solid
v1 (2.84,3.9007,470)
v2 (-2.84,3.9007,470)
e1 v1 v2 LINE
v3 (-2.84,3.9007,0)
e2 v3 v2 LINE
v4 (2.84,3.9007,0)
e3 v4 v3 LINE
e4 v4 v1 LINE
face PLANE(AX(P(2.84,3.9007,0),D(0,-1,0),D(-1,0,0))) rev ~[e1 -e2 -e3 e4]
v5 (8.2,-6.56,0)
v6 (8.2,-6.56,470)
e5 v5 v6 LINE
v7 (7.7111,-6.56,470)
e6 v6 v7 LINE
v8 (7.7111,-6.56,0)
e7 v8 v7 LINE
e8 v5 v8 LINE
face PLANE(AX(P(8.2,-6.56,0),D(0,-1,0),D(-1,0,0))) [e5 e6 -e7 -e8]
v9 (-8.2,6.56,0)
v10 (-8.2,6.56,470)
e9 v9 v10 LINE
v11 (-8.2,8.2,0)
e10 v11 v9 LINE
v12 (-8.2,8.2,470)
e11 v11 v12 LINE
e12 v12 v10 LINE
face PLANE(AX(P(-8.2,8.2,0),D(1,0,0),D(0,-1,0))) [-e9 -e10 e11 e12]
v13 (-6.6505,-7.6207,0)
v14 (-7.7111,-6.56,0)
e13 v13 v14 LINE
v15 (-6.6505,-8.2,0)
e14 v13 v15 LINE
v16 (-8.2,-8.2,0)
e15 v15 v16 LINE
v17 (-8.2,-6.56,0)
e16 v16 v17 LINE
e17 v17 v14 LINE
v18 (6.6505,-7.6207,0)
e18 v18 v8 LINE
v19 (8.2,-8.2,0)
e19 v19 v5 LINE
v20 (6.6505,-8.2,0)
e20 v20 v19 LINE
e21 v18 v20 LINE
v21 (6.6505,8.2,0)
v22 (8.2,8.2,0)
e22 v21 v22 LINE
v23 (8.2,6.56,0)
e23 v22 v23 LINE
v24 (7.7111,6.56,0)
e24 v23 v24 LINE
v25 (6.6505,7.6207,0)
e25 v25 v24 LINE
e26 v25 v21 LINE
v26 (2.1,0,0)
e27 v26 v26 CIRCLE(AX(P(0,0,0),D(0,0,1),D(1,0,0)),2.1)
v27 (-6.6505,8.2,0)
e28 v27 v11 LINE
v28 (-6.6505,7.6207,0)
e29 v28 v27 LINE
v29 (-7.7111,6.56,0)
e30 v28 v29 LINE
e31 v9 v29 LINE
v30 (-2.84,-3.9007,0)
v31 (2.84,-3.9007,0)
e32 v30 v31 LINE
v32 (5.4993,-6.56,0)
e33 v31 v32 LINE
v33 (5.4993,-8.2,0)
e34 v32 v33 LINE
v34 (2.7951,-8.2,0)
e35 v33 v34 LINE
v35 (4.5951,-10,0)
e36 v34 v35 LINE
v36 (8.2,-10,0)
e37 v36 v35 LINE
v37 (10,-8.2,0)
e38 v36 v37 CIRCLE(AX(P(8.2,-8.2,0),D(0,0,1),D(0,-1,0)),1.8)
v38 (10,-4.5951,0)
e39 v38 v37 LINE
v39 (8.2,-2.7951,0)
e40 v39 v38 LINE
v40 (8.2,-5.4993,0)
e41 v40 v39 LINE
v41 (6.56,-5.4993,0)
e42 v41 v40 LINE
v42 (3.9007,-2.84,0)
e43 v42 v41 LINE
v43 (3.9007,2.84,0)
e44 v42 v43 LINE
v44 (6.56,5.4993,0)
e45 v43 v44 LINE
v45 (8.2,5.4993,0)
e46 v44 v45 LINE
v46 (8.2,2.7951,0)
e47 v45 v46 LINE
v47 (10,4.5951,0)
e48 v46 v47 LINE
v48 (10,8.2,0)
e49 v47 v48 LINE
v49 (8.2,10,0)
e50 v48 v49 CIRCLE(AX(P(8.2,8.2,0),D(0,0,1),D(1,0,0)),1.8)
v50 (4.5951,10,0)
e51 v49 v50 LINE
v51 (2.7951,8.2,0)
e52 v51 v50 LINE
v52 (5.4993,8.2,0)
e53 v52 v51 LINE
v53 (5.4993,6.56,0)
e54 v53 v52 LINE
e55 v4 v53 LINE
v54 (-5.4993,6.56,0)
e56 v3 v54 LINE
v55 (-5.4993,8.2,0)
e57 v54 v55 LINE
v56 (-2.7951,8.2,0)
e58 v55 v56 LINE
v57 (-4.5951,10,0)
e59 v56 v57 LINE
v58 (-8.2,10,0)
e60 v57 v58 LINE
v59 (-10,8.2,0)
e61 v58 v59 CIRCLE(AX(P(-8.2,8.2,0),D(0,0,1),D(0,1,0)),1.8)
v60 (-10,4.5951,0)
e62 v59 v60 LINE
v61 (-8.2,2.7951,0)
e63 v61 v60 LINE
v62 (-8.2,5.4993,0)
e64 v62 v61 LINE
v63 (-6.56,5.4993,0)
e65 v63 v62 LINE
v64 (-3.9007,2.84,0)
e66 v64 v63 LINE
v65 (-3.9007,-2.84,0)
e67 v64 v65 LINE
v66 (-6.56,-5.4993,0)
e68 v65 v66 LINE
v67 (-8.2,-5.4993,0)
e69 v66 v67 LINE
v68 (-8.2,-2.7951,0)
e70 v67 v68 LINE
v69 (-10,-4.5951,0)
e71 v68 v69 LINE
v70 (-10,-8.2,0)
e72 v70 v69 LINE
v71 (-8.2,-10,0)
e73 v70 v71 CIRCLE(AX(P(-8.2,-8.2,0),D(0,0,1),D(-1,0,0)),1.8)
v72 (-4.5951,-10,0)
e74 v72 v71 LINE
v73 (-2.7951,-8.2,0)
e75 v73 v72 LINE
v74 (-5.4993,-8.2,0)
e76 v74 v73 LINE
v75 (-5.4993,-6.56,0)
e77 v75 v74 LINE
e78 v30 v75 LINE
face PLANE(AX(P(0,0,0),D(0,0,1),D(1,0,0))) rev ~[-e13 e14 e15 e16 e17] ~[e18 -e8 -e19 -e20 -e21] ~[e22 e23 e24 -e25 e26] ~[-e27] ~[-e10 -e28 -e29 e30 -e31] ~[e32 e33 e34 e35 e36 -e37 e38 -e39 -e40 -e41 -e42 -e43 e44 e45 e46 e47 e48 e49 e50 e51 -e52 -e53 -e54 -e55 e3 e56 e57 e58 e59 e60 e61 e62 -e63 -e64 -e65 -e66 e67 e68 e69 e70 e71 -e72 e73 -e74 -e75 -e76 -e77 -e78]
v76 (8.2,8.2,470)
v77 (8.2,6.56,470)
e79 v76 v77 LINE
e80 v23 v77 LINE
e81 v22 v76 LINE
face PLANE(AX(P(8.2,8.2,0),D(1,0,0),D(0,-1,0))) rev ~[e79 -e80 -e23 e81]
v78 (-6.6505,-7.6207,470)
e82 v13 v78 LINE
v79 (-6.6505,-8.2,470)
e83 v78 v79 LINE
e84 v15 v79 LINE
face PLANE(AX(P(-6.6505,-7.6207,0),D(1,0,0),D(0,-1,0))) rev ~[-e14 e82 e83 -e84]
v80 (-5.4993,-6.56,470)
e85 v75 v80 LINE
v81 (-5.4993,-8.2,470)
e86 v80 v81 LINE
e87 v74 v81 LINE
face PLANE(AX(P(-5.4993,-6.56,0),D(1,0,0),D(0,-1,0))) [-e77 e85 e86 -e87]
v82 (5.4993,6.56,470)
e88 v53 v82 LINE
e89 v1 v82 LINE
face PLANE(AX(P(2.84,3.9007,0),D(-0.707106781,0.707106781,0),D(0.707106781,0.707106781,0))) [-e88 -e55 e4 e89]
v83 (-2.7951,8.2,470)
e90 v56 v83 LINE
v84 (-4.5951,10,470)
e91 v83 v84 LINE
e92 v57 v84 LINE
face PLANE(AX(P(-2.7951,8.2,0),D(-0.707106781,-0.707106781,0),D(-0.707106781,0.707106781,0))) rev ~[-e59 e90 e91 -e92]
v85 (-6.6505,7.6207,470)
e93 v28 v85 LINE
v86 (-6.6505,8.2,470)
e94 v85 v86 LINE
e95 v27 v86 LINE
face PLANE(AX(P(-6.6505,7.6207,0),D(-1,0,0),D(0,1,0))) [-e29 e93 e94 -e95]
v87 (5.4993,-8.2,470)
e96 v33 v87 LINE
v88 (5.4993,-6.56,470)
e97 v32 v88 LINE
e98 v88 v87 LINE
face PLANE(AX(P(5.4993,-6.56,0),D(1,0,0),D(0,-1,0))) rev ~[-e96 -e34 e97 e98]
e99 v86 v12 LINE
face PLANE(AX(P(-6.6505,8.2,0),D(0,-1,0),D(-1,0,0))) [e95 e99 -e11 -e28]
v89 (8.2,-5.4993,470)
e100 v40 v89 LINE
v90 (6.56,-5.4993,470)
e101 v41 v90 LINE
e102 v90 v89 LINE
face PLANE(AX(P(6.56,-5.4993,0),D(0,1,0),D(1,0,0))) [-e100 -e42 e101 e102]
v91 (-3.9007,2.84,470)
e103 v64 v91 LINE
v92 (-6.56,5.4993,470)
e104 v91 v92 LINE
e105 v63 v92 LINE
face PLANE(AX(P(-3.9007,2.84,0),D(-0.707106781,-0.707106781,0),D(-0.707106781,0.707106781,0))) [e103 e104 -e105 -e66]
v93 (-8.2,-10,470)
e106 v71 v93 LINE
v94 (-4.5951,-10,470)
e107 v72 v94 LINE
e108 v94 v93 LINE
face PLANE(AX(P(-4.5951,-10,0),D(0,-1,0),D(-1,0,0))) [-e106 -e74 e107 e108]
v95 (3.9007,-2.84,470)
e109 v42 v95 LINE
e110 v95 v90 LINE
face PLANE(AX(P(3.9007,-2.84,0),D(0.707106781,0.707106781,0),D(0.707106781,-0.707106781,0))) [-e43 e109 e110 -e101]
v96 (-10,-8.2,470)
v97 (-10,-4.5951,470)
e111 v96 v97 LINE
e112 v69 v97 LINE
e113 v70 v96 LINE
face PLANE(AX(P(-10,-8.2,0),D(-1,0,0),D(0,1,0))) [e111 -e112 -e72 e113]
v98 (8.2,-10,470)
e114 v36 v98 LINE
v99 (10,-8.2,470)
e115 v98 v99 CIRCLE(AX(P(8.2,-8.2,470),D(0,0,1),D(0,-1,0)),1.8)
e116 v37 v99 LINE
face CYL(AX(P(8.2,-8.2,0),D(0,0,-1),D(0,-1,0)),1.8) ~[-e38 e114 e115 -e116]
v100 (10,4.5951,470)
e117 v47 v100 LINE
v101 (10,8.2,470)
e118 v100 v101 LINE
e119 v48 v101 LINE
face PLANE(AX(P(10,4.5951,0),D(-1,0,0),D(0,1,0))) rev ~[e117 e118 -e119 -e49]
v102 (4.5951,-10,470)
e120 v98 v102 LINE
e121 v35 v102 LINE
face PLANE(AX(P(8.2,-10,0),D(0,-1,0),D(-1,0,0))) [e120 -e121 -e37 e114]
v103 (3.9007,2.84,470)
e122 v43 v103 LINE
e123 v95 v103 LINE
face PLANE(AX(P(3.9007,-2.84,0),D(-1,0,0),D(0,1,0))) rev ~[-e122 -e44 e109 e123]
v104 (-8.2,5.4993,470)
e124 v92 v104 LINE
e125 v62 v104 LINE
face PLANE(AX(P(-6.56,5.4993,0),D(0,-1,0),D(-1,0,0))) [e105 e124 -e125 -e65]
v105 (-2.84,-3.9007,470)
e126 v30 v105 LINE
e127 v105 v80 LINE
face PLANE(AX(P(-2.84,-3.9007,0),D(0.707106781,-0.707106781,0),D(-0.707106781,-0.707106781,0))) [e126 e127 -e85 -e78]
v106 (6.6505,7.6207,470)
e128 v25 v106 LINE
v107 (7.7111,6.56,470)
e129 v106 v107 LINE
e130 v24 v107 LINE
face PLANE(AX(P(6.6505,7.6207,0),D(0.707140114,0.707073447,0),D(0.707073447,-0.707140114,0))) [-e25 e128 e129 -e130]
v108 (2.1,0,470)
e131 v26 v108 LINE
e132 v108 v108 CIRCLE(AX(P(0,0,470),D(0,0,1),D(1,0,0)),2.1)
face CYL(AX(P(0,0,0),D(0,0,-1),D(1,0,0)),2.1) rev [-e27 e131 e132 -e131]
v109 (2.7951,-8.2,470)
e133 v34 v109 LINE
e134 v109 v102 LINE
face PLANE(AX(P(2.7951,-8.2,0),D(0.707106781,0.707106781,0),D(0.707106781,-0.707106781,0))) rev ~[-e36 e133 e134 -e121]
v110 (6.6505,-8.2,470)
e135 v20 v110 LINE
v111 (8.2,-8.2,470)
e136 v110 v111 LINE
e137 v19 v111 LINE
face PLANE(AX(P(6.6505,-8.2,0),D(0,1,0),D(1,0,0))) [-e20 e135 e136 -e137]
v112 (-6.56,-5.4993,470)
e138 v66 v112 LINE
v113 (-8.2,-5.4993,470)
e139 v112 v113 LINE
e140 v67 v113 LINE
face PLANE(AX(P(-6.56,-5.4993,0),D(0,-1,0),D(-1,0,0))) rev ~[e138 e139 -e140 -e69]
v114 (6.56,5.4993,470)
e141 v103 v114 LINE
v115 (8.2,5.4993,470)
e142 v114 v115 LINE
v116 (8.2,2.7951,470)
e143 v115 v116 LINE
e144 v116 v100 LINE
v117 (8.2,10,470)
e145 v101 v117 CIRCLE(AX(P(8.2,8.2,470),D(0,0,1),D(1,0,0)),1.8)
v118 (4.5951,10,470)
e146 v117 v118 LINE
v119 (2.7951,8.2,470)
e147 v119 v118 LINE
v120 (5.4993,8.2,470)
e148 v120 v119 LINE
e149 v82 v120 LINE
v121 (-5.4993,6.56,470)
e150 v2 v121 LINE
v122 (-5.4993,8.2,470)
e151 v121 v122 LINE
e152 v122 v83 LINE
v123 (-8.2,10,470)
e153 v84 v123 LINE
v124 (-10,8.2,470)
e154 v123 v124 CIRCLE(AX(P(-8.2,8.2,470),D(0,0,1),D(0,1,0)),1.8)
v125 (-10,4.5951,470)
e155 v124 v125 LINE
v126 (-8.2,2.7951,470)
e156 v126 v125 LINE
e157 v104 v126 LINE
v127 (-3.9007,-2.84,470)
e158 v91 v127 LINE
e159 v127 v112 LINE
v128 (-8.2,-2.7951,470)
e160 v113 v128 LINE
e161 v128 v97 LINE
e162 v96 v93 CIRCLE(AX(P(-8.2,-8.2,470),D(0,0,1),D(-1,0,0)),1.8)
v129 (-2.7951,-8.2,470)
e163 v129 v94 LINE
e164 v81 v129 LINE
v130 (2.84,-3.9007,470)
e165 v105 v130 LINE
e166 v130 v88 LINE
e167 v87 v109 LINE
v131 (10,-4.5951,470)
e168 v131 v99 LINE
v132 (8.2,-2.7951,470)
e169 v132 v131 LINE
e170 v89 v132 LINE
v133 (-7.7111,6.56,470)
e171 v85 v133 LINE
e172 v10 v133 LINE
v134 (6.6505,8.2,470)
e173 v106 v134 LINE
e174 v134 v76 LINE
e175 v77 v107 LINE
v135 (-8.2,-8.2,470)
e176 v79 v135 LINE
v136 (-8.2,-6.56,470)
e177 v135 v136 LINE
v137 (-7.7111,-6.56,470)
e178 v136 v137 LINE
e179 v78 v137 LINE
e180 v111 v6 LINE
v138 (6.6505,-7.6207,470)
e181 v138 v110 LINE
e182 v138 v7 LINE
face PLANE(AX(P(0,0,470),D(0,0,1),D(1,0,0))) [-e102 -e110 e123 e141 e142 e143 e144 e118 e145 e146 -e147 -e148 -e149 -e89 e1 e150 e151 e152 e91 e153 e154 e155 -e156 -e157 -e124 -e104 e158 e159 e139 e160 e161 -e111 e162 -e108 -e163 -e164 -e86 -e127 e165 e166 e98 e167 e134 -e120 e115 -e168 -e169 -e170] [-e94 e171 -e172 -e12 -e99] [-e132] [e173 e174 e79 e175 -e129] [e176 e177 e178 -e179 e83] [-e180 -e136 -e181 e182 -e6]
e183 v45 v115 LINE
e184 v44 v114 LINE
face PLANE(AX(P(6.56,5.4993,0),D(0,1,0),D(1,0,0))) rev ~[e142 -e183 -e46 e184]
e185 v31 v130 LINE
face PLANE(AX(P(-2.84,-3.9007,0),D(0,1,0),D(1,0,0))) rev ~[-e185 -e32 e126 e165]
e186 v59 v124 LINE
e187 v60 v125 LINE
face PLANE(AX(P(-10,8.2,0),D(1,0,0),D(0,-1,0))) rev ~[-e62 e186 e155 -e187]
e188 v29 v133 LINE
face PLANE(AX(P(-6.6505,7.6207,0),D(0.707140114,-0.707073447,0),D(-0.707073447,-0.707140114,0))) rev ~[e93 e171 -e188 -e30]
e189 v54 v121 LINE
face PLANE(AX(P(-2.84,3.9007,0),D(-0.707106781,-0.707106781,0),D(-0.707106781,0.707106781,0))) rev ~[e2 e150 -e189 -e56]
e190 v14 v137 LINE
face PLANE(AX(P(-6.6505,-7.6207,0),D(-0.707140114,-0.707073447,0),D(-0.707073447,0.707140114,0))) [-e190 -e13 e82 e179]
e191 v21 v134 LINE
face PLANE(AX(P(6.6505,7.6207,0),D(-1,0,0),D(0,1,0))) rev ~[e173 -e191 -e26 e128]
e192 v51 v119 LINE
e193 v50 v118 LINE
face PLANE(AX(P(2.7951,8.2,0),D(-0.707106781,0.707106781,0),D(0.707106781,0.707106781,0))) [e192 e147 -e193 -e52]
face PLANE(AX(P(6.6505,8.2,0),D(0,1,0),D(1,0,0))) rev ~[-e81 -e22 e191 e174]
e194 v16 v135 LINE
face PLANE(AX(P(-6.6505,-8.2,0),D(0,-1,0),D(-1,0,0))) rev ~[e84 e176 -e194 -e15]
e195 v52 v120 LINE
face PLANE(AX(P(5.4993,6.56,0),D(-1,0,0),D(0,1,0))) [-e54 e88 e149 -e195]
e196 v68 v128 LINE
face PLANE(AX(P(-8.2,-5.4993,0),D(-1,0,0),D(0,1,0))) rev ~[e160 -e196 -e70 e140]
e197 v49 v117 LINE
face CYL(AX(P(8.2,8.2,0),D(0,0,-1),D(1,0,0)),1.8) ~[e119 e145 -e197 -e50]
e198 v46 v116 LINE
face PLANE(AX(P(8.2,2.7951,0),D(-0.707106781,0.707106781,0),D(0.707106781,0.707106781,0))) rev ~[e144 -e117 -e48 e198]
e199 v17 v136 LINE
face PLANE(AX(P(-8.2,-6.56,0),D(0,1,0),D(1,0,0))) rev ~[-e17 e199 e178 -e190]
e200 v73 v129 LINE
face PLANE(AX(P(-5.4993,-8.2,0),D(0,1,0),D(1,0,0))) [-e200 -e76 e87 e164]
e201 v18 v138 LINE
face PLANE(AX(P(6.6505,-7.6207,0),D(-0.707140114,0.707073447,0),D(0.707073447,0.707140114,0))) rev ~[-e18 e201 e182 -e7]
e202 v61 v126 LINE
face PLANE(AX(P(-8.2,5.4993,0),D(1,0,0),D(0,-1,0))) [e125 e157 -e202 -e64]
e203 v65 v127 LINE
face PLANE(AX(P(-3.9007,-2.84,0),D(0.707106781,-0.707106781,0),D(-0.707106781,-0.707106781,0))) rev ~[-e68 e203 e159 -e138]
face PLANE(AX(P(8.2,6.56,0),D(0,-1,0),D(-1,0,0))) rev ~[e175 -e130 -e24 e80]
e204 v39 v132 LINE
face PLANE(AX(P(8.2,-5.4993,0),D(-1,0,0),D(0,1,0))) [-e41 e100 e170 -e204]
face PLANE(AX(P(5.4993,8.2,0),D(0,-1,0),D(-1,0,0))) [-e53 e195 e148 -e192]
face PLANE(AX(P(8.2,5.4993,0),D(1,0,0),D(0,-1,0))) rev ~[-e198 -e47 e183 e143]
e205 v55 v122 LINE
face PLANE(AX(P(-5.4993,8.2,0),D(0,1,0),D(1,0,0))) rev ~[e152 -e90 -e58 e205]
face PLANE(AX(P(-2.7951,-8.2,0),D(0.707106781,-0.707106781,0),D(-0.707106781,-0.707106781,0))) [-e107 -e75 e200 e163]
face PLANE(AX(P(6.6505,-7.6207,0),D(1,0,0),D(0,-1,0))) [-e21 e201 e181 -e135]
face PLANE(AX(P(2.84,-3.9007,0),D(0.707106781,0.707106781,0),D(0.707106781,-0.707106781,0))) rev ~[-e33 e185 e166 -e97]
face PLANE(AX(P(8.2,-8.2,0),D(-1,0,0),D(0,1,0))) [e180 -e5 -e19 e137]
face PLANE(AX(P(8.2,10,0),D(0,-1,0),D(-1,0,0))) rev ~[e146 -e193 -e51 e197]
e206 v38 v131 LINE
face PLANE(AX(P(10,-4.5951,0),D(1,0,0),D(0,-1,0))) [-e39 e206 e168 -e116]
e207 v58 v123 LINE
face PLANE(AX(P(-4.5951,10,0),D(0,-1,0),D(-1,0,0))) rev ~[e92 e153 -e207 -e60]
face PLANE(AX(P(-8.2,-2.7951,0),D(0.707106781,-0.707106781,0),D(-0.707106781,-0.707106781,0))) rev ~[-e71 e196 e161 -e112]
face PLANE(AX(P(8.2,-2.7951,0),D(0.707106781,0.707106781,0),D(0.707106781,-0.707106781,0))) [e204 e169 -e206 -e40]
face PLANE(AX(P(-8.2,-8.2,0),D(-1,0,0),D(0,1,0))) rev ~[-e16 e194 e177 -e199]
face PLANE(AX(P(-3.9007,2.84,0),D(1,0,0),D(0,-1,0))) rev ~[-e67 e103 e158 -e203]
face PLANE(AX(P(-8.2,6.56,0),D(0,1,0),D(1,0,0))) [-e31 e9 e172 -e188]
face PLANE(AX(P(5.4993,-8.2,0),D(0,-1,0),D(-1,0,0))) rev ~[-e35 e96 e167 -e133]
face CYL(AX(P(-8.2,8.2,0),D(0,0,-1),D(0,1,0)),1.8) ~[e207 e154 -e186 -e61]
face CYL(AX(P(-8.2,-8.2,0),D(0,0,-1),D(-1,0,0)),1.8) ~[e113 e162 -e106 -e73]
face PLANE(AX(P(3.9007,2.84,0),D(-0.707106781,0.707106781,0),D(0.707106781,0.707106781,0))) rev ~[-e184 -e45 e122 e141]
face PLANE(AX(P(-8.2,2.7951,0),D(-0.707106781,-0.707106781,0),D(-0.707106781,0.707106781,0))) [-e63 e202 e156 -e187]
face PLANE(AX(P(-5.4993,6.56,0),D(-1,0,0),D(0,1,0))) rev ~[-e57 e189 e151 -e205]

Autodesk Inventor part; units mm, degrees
ref_plane "YZ Plane" through (0, 0, 0) normal (1, 0, 0) x (0, 1, 0)
ref_plane "Start Plane" through (0, 0, 0) normal (0, 0, 1) x (1, 0, 0)
ref_plane "End Plane" through (0, 0, 470) normal (0, 0, 1) x (1, 0, 0)
sketch "Sketch1" plane through (0, 0, 0) normal (0, 0, 1) x (1, 0, 0)
  line L0 (10, -4.5951) -> (10, -8.2)
  line L1 (-10, -8.2) -> (-10, -4.5951)
  line L2 (-10, 10) -> (10, -10) construction
  line L3 (10, 10) -> (-10, -10) construction
  circle A0 centre (0, 0) radius 2.1
  line L4 (-2.84, -3.9007) -> (2.84, -3.9007)
  line L5 (3.9007, -2.84) -> (3.9007, 2.84)
  line L6 (2.84, 3.9007) -> (-2.84, 3.9007)
  line L7 (-3.9007, 2.84) -> (-3.9007, -2.84)
  line L8 (-3.9007, -3.9007) -> (3.9007, 3.9007) construction
  line L9 (3.9007, -3.9007) -> (-3.9007, 3.9007) construction
  line L10 (-3.9007, -2.84) -> (-2.84, -3.9007) construction
  line L11 (-2.84, -3.9007) -> (-5.4993, -6.56)
  line L12 (-5.4993, -6.56) -> (-5.4993, -8.2)
  line L13 (-5.4993, -8.2) -> (-2.7951, -8.2)
  line L14 (-2.7951, -8.2) -> (-4.5951, -10)
  line L15 (0, 0) -> (0, -3.9007) construction
  line L16 (3.9007, -2.84) -> (2.84, -3.9007) construction
  line L17 (2.84, -3.9007) -> (5.4993, -6.56)
  line L18 (5.4993, -6.56) -> (5.4993, -8.2)
  line L19 (5.4993, -8.2) -> (2.7951, -8.2)
  line L20 (2.7951, -8.2) -> (4.5951, -10)
  line L21 (-2.84, -3.9007) -> (-3.9007, -2.84) construction
  line L22 (-3.9007, -2.84) -> (-6.56, -5.4993)
  line L23 (-6.56, -5.4993) -> (-8.2, -5.4993)
  line L24 (-8.2, -5.4993) -> (-8.2, -2.7951)
  line L25 (-8.2, -2.7951) -> (-10, -4.5951)
  line L26 (3.9007, -2.84) -> (6.56, -5.4993)
  line L27 (6.56, -5.4993) -> (8.2, -5.4993)
  line L28 (8.2, -5.4993) -> (8.2, -2.7951)
  line L29 (8.2, -2.7951) -> (10, -4.5951)
  arc A1 (-10, -8.2) -> (-8.2, -10) centre (-8.2, -8.2) ccw
  arc A2 (8.2, -10) -> (10, -8.2) centre (8.2, -8.2) ccw
  line L30 (-8.2, -6.56) -> (-7.7111, -6.56)
  line L31 (-6.6505, -8.2) -> (-8.2, -8.2)
  line L32 (-8.2, -8.2) -> (-8.2, -6.56)
  line L33 (-6.6505, -7.6207) -> (-7.7111, -6.56)
  line L34 (-6.6505, -7.6207) -> (-6.6505, -8.2)
  line L35 (8.2, -6.56) -> (7.7111, -6.56)
  line L36 (6.6505, -8.2) -> (8.2, -8.2)
  line L37 (8.2, -8.2) -> (8.2, -6.56)
  line L38 (6.6505, -7.6207) -> (7.7111, -6.56)
  line L39 (6.6505, -7.6207) -> (6.6505, -8.2)
  line L40 (8.2, -10) -> (4.5951, -10)
  line L41 (-4.5951, -10) -> (-8.2, -10)
  line L42 (-3.9007, 0) -> (3.9007, 0) construction
  line L43 (10, 4.5951) -> (10, 8.2)
  line L44 (-10, 8.2) -> (-10, 4.5951)
  line L45 (-2.84, 3.9007) -> (2.84, 3.9007)
  line L46 (-3.9007, 2.84) -> (-2.84, 3.9007) construction
  line L47 (-2.84, 3.9007) -> (-5.4993, 6.56)
  line L48 (-5.4993, 6.56) -> (-5.4993, 8.2)
  line L49 (-5.4993, 8.2) -> (-2.7951, 8.2)
  line L50 (-2.7951, 8.2) -> (-4.5951, 10)
  line L51 (2.84, 3.9007) -> (5.4993, 6.56)
  line L52 (5.4993, 6.56) -> (5.4993, 8.2)
  line L53 (5.4993, 8.2) -> (2.7951, 8.2)
  line L54 (2.7951, 8.2) -> (4.5951, 10)
  line L55 (3.9007, 2.84) -> (2.84, 3.9007) construction
  line L56 (-8.2, 2.7951) -> (-10, 4.5951)
  line L57 (-2.84, 3.9007) -> (-3.9007, 2.84) construction
  line L58 (-3.9007, 2.84) -> (-6.56, 5.4993)
  line L59 (-6.56, 5.4993) -> (-8.2, 5.4993)
  line L60 (-8.2, 5.4993) -> (-8.2, 2.7951)
  line L61 (3.9007, 2.84) -> (6.56, 5.4993)
  line L62 (6.56, 5.4993) -> (8.2, 5.4993)
  line L63 (8.2, 5.4993) -> (8.2, 2.7951)
  line L64 (8.2, 2.7951) -> (10, 4.5951)
  arc A3 (-8.2, 10) -> (-10, 8.2) centre (-8.2, 8.2) ccw
  arc A4 (10, 8.2) -> (8.2, 10) centre (8.2, 8.2) ccw
  line L65 (-8.2, 6.56) -> (-7.7111, 6.56)
  line L66 (-6.6505, 8.2) -> (-8.2, 8.2)
  line L67 (-8.2, 8.2) -> (-8.2, 6.56)
  line L68 (-6.6505, 7.6207) -> (-7.7111, 6.56)
  line L69 (-6.6505, 7.6207) -> (-6.6505, 8.2)
  line L70 (8.2, 6.56) -> (7.7111, 6.56)
  line L71 (6.6505, 7.6207) -> (7.7111, 6.56)
  line L72 (8.2, 8.2) -> (8.2, 6.56)
  line L73 (6.6505, 7.6207) -> (6.6505, 8.2)
  line L74 (6.6505, 8.2) -> (8.2, 8.2)
  line L75 (8.2, 10) -> (4.5951, 10)
  line L76 (-4.5951, 10) -> (-8.2, 10)
  line L77 (-8.2, 10) -> (-4.5951, 10)
  line L78 (4.5951, 10) -> (8.2, 10)
  point P0 (8.2, -8.2)
  point P1 (0, 3.9007)
  point P2 (8.2, 8.2)
  dimension "Width" = 20
  dimension "Height" = 20
  dimension "d2" = 4.2
  dimension "d3" = 1.5
  dimension "d4" = 1.64
  dimension "d6" = 5.68
  dimension "d7" = 1.8
  dimension "d9" = 1.5
extrude "Body" add sketch "Sketch1" along normal up to surface (470 mm away) from surface at 0
sketch "Sketch4" plane through (0, 0, 0) normal (0, 0, 1) x (1, 0, 0)
  line L0 (0, 0) -> (10, 0)
ref_plane "Work Plane4" through (0, 0, 0) normal (0, -1, 0) x (1, 0, 0)
sketch "Sketch5" plane through (0, 0, 0) normal (0, -1, 0) x (1, 0, 0)
  line L0 (-2, 0) -> (12, 0) construction
  line L1 (-2, 470) -> (12, 470) construction
  dimension "d17" = 470
equation "\"G_OFFSET_START\" = 0"
equation "\"G_OFFSET_END\" = 0"
equation "\"G_L\" = d17"
properties part number "470 mm V-Slot 20mm x 20mm" material "Aluminum 6061"
